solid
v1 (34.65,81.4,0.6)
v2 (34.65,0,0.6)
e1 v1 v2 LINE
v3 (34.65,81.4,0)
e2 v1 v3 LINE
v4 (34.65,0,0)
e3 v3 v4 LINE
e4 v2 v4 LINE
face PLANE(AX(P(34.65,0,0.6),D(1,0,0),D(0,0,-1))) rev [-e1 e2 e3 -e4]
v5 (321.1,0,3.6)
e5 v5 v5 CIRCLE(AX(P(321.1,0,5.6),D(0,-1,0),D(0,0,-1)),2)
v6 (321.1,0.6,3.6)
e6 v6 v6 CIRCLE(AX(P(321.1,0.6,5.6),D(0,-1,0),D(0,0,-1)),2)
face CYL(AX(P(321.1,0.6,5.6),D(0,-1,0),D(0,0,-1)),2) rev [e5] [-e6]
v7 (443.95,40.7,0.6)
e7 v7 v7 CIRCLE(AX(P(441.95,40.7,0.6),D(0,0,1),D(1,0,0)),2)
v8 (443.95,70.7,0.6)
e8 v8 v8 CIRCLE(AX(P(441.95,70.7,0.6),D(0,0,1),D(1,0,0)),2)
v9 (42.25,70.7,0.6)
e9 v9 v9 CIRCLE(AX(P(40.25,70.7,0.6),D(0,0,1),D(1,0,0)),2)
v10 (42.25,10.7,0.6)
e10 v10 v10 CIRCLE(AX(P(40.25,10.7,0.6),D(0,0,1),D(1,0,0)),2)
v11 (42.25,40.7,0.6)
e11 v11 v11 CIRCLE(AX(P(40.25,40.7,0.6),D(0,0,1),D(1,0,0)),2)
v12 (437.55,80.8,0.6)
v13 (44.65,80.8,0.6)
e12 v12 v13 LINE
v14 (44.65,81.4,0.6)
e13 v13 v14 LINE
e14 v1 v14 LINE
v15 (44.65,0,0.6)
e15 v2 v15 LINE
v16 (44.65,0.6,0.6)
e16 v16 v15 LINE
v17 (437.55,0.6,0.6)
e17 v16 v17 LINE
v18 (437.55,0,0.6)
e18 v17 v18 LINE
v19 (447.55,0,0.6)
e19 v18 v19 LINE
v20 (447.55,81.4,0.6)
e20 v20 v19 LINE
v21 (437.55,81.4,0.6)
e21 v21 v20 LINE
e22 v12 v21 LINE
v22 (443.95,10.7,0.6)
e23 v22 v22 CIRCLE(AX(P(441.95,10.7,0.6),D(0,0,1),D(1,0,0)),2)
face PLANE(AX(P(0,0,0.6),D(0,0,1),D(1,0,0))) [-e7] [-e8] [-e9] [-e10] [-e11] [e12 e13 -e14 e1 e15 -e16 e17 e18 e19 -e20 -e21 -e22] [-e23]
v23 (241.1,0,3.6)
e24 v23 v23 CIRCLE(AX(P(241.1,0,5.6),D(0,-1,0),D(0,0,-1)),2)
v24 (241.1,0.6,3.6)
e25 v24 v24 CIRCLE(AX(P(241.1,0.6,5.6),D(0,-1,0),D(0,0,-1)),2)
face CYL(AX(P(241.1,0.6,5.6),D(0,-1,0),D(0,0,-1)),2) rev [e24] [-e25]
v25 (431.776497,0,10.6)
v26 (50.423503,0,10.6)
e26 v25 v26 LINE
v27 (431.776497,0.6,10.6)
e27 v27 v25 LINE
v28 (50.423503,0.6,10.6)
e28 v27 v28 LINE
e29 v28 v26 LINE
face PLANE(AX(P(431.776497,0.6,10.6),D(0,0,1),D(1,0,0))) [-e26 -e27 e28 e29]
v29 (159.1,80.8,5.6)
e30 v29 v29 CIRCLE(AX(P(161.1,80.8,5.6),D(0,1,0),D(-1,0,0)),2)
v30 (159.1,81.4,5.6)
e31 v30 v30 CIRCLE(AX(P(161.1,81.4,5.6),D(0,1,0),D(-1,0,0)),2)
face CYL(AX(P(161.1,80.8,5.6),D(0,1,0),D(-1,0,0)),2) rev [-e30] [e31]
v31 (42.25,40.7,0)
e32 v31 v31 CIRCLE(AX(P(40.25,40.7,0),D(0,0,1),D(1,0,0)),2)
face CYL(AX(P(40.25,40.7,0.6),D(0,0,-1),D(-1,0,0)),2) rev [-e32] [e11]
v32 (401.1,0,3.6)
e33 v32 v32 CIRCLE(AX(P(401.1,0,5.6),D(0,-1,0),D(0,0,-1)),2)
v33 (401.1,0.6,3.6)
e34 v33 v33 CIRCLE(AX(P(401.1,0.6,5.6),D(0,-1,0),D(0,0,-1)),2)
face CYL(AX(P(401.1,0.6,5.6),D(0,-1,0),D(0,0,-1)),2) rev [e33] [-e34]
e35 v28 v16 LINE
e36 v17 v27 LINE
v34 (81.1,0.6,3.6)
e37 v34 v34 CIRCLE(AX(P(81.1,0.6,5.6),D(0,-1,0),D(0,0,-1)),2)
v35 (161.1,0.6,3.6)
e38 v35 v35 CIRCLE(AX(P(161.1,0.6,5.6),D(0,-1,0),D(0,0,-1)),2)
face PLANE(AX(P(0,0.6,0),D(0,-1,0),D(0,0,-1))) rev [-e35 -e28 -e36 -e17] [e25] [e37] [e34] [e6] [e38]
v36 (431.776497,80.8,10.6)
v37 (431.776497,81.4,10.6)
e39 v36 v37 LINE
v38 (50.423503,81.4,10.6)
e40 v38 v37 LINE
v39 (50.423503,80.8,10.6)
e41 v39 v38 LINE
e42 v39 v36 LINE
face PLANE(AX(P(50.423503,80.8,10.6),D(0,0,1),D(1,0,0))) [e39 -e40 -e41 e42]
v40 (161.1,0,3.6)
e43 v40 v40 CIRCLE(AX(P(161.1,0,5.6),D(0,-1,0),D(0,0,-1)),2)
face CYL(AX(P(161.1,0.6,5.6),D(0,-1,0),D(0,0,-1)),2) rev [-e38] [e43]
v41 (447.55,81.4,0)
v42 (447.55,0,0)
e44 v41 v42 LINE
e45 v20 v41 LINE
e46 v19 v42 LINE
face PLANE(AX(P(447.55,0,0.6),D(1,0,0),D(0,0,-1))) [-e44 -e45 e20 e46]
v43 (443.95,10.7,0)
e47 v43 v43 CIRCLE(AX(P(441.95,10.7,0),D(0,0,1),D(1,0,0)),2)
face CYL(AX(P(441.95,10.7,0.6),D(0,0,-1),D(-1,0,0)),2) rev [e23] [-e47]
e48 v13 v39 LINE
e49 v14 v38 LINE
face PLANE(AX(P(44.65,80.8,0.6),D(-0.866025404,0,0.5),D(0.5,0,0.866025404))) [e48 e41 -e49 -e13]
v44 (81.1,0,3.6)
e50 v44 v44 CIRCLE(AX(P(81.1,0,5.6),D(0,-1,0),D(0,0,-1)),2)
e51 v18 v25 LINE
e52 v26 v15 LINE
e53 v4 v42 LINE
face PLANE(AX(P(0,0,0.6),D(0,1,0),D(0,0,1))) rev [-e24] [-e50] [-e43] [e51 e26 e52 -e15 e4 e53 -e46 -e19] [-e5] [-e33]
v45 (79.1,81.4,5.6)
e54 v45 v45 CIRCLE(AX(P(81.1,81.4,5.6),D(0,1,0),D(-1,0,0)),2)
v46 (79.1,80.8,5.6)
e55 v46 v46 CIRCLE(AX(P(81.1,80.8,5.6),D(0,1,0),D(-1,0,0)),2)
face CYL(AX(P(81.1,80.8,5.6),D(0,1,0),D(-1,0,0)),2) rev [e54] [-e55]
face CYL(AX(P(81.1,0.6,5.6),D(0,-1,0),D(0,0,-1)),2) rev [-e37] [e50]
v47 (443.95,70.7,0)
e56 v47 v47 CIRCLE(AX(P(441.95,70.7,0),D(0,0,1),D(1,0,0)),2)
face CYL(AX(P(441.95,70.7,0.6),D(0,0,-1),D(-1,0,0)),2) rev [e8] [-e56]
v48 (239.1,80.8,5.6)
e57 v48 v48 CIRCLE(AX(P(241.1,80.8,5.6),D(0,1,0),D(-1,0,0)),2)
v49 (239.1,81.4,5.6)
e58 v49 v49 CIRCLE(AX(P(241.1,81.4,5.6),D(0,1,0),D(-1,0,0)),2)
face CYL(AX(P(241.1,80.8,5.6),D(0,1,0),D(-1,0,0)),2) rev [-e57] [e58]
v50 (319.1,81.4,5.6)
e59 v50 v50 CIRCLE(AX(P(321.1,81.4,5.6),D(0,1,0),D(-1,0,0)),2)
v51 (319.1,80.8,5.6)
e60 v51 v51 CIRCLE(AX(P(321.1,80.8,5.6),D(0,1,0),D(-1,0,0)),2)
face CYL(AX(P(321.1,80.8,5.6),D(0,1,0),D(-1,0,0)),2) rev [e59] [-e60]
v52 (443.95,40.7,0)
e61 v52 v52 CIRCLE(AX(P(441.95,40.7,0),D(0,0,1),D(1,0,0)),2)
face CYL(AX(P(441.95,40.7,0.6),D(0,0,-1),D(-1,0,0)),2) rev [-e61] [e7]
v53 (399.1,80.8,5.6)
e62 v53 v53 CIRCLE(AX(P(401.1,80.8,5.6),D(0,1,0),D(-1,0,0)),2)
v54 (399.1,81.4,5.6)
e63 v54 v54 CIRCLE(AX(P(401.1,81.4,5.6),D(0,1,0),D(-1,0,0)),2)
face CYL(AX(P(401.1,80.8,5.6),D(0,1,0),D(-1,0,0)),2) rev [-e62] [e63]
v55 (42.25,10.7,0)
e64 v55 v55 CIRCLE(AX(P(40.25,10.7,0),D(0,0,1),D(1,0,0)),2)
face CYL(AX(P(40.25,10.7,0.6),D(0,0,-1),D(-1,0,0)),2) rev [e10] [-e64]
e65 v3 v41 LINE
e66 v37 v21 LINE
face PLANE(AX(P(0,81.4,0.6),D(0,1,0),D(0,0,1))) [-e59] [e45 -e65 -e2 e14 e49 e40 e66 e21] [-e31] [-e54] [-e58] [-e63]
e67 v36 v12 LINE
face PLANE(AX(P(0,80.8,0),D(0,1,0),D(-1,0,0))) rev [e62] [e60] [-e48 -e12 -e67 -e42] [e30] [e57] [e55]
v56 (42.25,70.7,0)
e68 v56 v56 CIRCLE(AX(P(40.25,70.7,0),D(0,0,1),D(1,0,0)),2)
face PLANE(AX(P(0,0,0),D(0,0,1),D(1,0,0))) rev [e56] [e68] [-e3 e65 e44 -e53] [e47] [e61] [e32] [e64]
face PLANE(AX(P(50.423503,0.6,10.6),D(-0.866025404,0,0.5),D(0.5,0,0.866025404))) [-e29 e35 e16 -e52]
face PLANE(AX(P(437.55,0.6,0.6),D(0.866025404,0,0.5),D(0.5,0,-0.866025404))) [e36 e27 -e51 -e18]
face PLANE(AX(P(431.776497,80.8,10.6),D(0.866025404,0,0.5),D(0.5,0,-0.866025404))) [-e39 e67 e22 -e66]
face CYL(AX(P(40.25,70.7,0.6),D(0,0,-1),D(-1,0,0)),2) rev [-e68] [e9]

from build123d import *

# Parameters (mm, degrees)
SKETCH_1_W      = 412.9
SKETCH_1_H      = 81.4
SKETCH_1_R      = 2
EXTRUDE_1_DEPTH = 0.6
SKETCH_2_R      = 2
EXTRUDE_2_DEPTH = 0.6
EXTRUDE_START   = -0.6
SKETCH_3_R      = 2
EXTRUDE_3_DEPTH = 0.6


with BuildPart() as part:
    # Эскиз1 → Бобышка-Вытянуть1 (new body)
    with BuildSketch(Plane.XY):
        with Locations((241.1, 40.7)):
            Rectangle(SKETCH_1_W, SKETCH_1_H)
        with Locations((40.25, 10.7)):
            Circle(SKETCH_1_R, mode=Mode.SUBTRACT)
        with Locations((441.95, 10.7)):
            Circle(SKETCH_1_R, mode=Mode.SUBTRACT)
        with Locations((40.25, 40.7)):
            Circle(SKETCH_1_R, mode=Mode.SUBTRACT)
        with Locations((40.25, 70.7)):
            Circle(SKETCH_1_R, mode=Mode.SUBTRACT)
        with Locations((441.95, 40.7)):
            Circle(SKETCH_1_R, mode=Mode.SUBTRACT)
        with Locations((441.95, 70.7)):
            Circle(SKETCH_1_R, mode=Mode.SUBTRACT)
    extrude(amount=EXTRUDE_1_DEPTH)

    # Эскиз2 → Бобышка-Вытянуть2 (add)
    with BuildSketch(Plane(origin=(0, 81.4, 0), x_dir=(1, 0, 0), z_dir=(0, 1, 0))):
        Polygon((44.65, -0.6), (50.423502692, -10.6), (431.776497308, -10.6), (437.55, -0.6), align=None)
        with Locations(Location((401.1, -5.6, 0), (0, 0, 180))):
            Circle(SKETCH_2_R, mode=Mode.SUBTRACT)
        with Locations(Location((321.1, -5.6, 0), (0, 0, 180))):
            Circle(SKETCH_2_R, mode=Mode.SUBTRACT)
        with Locations(Location((241.1, -5.6, 0), (0, 0, 180))):
            Circle(SKETCH_2_R, mode=Mode.SUBTRACT)
        with Locations(Location((161.1, -5.6, 0), (0, 0, 180))):
            Circle(SKETCH_2_R, mode=Mode.SUBTRACT)
        with Locations(Location((81.1, -5.6, 0), (0, 0, 180))):
            Circle(SKETCH_2_R, mode=Mode.SUBTRACT)
    extrude(amount=-EXTRUDE_2_DEPTH)

    # Эскиз3 → Бобышка-Вытянуть3 (add)
    with BuildSketch(Plane.XZ.offset(EXTRUDE_START)):
        Polygon((44.65, 0.6), (437.55, 0.6), (431.776497308, 10.6), (50.423502692, 10.6), align=None)
        with Locations(Location((401.1, 5.6, 0), (0, 0, 180))):
            Circle(SKETCH_3_R, mode=Mode.SUBTRACT)
        with Locations(Location((321.1, 5.6, 0), (0, 0, 180))):
            Circle(SKETCH_3_R, mode=Mode.SUBTRACT)
        with Locations(Location((241.1, 5.6, 0), (0, 0, 180))):
            Circle(SKETCH_3_R, mode=Mode.SUBTRACT)
        with Locations(Location((161.1, 5.6, 0), (0, 0, 180))):
            Circle(SKETCH_3_R, mode=Mode.SUBTRACT)
        with Locations(Location((81.1, 5.6, 0), (0, 0, 180))):
            Circle(SKETCH_3_R, mode=Mode.SUBTRACT)
    extrude(amount=EXTRUDE_3_DEPTH)


solid = part.part
